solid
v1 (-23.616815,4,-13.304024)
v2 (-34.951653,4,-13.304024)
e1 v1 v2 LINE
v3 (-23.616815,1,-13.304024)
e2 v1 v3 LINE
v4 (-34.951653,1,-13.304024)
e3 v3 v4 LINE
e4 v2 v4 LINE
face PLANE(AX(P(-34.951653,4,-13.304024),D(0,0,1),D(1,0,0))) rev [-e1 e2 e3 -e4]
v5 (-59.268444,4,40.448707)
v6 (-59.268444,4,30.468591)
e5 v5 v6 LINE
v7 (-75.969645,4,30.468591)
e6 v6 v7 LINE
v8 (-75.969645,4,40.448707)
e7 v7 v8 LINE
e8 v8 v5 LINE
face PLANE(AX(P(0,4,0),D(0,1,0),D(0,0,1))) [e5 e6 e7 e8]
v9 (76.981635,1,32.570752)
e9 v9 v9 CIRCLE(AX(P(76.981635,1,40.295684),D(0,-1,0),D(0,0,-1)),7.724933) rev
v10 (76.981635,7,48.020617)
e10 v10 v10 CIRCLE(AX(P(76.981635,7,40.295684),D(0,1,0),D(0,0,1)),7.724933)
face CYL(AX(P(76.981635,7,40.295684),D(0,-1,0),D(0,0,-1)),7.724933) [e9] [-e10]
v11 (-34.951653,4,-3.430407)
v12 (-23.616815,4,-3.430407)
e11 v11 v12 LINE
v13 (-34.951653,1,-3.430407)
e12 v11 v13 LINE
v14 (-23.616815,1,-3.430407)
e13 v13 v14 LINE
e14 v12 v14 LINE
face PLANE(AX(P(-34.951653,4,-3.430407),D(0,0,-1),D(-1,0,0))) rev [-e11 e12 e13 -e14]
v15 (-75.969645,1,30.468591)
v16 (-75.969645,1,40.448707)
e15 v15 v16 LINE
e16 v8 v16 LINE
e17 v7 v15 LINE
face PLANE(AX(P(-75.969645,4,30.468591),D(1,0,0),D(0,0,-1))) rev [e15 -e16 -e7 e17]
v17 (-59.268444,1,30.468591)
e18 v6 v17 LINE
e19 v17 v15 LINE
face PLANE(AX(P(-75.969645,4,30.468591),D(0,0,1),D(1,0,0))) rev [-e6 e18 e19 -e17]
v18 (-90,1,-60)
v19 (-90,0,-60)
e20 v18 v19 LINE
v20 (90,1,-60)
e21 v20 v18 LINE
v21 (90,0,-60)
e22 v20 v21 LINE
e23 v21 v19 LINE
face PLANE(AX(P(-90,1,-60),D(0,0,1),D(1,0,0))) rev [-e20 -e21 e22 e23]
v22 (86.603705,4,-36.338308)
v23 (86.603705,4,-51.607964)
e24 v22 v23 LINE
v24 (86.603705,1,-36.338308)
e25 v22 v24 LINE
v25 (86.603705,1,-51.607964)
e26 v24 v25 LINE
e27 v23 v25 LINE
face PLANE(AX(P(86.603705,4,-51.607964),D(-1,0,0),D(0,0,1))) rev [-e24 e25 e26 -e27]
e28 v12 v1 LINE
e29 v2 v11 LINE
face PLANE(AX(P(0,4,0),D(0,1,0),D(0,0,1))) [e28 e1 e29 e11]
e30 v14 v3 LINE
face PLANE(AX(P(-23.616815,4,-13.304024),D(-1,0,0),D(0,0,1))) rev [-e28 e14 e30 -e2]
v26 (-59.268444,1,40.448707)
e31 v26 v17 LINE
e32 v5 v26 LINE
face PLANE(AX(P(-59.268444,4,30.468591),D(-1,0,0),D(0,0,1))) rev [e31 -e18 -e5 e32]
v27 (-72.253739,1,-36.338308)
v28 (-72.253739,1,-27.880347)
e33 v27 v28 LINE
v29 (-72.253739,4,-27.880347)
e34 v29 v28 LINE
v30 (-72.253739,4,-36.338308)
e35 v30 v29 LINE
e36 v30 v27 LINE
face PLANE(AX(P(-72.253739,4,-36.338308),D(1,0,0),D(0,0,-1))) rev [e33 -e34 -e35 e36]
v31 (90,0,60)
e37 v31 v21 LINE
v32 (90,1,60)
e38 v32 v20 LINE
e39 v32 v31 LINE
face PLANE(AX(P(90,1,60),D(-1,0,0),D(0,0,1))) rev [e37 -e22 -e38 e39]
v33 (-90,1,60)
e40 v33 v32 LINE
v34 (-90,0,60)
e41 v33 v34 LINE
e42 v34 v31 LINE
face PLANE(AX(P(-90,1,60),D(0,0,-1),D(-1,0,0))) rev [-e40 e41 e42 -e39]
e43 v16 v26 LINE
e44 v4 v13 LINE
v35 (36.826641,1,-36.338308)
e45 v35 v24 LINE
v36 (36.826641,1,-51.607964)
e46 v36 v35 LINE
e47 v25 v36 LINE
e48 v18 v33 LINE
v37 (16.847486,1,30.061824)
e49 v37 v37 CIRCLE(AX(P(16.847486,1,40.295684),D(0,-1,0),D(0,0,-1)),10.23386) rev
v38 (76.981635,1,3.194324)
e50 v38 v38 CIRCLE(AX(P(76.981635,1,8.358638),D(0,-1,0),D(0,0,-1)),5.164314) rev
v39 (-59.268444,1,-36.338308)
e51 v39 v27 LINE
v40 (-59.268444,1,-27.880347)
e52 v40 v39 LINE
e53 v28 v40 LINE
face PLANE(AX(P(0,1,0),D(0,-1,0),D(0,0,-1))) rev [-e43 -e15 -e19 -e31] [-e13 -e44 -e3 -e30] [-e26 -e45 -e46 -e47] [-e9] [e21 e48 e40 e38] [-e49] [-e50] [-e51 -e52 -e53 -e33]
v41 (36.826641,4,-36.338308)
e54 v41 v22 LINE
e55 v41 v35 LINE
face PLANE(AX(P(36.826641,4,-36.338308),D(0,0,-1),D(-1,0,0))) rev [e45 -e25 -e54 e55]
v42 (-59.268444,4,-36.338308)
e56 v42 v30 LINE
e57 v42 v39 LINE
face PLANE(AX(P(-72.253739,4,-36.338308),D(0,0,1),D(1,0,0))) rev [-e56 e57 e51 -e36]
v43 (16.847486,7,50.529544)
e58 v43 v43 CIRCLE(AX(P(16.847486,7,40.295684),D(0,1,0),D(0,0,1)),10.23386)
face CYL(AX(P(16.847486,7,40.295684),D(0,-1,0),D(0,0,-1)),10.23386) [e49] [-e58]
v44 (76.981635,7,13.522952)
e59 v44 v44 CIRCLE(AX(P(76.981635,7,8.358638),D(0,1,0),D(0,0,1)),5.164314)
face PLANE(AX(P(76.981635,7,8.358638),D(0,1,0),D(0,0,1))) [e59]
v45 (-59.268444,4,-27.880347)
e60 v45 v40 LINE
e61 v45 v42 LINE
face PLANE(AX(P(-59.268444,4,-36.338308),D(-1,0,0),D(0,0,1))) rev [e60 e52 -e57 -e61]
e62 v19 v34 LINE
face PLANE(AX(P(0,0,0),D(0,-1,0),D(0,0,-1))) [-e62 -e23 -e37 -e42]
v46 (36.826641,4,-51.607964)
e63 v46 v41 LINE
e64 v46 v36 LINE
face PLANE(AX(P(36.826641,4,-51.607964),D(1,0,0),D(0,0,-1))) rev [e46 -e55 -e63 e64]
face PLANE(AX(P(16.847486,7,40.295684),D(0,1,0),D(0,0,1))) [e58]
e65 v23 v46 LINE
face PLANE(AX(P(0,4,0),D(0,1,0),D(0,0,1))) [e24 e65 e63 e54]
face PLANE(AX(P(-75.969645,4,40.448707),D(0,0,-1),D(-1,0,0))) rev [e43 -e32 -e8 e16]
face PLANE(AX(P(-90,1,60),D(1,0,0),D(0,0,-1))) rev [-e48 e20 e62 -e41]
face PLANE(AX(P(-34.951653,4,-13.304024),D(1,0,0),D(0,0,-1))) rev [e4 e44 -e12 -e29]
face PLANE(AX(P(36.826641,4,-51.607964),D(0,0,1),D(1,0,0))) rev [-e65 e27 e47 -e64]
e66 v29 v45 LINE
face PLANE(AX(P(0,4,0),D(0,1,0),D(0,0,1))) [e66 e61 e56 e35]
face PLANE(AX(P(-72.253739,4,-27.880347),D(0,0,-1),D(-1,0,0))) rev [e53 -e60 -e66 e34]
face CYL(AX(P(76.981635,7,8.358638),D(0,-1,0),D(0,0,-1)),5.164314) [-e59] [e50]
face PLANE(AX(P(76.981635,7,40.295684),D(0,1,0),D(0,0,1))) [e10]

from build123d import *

# Parameters (mm, degrees)
SKETCH_1_W      = 180
SKETCH_1_H      = 120
EXTRUDE_1_DEPTH = 1
SKETCH_2_W      = 12.985294312
SKETCH_2_H      = 8.457960927
SKETCH_2_W_2    = 16.701200635
SKETCH_2_H_2    = 9.980115798
SKETCH_2_W_3    = 11.334837972
SKETCH_2_H_3    = 9.873617341
SKETCH_2_W_4    = 49.777064572
SKETCH_2_H_4    = 15.269655747
EXTRUDE_2_DEPTH = 3
SKETCH_3_R      = 5.164314182
SKETCH_3_R_2    = 7.724932849
SKETCH_3_R_3    = 10.233859985
EXTRUDE_3_DEPTH = 6


with BuildPart() as part:
    # 草图1 → 凸台-拉伸1 (new body)
    with BuildSketch(Plane(origin=(0, 0, 0), x_dir=(1, 0, 0), z_dir=(0, 1, 0))):
        Rectangle(SKETCH_1_W, SKETCH_1_H)
    extrude(amount=EXTRUDE_1_DEPTH)

    # 草图2 → 凸台-拉伸2 (add)
    with BuildSketch(Plane(origin=(0, 1, 0), x_dir=(1, 0, 0), z_dir=(0, 1, 0))):
        with Locations((-65.761091414, 32.109327308)):
            Rectangle(SKETCH_2_W, SKETCH_2_H)
        with Locations((-67.619044575, -35.458648807)):
            Rectangle(SKETCH_2_W_2, SKETCH_2_H_2)
        with Locations((-29.284234399, 8.367215504)):
            Rectangle(SKETCH_2_W_3, SKETCH_2_H_3)
        with Locations((61.715173055, 43.973135646)):
            Rectangle(SKETCH_2_W_4, SKETCH_2_H_4)
    extrude(amount=EXTRUDE_2_DEPTH)

    # 草图3 → 凸台-拉伸3 (add)
    with BuildSketch(Plane(origin=(0, 1, 0), x_dir=(1, 0, 0), z_dir=(0, 1, 0))):
        with Locations(Location((76.981635132, -8.358638316, 0), (0, 0, 90))):
            Circle(SKETCH_3_R)
        with Locations(Location((76.981635132, -40.295684365, 0), (0, 0, 90))):
            Circle(SKETCH_3_R_2)
        with Locations(Location((16.847486271, -40.295684365, 0), (0, 0, 90))):
            Circle(SKETCH_3_R_3)
    extrude(amount=EXTRUDE_3_DEPTH)


solid = part.part
